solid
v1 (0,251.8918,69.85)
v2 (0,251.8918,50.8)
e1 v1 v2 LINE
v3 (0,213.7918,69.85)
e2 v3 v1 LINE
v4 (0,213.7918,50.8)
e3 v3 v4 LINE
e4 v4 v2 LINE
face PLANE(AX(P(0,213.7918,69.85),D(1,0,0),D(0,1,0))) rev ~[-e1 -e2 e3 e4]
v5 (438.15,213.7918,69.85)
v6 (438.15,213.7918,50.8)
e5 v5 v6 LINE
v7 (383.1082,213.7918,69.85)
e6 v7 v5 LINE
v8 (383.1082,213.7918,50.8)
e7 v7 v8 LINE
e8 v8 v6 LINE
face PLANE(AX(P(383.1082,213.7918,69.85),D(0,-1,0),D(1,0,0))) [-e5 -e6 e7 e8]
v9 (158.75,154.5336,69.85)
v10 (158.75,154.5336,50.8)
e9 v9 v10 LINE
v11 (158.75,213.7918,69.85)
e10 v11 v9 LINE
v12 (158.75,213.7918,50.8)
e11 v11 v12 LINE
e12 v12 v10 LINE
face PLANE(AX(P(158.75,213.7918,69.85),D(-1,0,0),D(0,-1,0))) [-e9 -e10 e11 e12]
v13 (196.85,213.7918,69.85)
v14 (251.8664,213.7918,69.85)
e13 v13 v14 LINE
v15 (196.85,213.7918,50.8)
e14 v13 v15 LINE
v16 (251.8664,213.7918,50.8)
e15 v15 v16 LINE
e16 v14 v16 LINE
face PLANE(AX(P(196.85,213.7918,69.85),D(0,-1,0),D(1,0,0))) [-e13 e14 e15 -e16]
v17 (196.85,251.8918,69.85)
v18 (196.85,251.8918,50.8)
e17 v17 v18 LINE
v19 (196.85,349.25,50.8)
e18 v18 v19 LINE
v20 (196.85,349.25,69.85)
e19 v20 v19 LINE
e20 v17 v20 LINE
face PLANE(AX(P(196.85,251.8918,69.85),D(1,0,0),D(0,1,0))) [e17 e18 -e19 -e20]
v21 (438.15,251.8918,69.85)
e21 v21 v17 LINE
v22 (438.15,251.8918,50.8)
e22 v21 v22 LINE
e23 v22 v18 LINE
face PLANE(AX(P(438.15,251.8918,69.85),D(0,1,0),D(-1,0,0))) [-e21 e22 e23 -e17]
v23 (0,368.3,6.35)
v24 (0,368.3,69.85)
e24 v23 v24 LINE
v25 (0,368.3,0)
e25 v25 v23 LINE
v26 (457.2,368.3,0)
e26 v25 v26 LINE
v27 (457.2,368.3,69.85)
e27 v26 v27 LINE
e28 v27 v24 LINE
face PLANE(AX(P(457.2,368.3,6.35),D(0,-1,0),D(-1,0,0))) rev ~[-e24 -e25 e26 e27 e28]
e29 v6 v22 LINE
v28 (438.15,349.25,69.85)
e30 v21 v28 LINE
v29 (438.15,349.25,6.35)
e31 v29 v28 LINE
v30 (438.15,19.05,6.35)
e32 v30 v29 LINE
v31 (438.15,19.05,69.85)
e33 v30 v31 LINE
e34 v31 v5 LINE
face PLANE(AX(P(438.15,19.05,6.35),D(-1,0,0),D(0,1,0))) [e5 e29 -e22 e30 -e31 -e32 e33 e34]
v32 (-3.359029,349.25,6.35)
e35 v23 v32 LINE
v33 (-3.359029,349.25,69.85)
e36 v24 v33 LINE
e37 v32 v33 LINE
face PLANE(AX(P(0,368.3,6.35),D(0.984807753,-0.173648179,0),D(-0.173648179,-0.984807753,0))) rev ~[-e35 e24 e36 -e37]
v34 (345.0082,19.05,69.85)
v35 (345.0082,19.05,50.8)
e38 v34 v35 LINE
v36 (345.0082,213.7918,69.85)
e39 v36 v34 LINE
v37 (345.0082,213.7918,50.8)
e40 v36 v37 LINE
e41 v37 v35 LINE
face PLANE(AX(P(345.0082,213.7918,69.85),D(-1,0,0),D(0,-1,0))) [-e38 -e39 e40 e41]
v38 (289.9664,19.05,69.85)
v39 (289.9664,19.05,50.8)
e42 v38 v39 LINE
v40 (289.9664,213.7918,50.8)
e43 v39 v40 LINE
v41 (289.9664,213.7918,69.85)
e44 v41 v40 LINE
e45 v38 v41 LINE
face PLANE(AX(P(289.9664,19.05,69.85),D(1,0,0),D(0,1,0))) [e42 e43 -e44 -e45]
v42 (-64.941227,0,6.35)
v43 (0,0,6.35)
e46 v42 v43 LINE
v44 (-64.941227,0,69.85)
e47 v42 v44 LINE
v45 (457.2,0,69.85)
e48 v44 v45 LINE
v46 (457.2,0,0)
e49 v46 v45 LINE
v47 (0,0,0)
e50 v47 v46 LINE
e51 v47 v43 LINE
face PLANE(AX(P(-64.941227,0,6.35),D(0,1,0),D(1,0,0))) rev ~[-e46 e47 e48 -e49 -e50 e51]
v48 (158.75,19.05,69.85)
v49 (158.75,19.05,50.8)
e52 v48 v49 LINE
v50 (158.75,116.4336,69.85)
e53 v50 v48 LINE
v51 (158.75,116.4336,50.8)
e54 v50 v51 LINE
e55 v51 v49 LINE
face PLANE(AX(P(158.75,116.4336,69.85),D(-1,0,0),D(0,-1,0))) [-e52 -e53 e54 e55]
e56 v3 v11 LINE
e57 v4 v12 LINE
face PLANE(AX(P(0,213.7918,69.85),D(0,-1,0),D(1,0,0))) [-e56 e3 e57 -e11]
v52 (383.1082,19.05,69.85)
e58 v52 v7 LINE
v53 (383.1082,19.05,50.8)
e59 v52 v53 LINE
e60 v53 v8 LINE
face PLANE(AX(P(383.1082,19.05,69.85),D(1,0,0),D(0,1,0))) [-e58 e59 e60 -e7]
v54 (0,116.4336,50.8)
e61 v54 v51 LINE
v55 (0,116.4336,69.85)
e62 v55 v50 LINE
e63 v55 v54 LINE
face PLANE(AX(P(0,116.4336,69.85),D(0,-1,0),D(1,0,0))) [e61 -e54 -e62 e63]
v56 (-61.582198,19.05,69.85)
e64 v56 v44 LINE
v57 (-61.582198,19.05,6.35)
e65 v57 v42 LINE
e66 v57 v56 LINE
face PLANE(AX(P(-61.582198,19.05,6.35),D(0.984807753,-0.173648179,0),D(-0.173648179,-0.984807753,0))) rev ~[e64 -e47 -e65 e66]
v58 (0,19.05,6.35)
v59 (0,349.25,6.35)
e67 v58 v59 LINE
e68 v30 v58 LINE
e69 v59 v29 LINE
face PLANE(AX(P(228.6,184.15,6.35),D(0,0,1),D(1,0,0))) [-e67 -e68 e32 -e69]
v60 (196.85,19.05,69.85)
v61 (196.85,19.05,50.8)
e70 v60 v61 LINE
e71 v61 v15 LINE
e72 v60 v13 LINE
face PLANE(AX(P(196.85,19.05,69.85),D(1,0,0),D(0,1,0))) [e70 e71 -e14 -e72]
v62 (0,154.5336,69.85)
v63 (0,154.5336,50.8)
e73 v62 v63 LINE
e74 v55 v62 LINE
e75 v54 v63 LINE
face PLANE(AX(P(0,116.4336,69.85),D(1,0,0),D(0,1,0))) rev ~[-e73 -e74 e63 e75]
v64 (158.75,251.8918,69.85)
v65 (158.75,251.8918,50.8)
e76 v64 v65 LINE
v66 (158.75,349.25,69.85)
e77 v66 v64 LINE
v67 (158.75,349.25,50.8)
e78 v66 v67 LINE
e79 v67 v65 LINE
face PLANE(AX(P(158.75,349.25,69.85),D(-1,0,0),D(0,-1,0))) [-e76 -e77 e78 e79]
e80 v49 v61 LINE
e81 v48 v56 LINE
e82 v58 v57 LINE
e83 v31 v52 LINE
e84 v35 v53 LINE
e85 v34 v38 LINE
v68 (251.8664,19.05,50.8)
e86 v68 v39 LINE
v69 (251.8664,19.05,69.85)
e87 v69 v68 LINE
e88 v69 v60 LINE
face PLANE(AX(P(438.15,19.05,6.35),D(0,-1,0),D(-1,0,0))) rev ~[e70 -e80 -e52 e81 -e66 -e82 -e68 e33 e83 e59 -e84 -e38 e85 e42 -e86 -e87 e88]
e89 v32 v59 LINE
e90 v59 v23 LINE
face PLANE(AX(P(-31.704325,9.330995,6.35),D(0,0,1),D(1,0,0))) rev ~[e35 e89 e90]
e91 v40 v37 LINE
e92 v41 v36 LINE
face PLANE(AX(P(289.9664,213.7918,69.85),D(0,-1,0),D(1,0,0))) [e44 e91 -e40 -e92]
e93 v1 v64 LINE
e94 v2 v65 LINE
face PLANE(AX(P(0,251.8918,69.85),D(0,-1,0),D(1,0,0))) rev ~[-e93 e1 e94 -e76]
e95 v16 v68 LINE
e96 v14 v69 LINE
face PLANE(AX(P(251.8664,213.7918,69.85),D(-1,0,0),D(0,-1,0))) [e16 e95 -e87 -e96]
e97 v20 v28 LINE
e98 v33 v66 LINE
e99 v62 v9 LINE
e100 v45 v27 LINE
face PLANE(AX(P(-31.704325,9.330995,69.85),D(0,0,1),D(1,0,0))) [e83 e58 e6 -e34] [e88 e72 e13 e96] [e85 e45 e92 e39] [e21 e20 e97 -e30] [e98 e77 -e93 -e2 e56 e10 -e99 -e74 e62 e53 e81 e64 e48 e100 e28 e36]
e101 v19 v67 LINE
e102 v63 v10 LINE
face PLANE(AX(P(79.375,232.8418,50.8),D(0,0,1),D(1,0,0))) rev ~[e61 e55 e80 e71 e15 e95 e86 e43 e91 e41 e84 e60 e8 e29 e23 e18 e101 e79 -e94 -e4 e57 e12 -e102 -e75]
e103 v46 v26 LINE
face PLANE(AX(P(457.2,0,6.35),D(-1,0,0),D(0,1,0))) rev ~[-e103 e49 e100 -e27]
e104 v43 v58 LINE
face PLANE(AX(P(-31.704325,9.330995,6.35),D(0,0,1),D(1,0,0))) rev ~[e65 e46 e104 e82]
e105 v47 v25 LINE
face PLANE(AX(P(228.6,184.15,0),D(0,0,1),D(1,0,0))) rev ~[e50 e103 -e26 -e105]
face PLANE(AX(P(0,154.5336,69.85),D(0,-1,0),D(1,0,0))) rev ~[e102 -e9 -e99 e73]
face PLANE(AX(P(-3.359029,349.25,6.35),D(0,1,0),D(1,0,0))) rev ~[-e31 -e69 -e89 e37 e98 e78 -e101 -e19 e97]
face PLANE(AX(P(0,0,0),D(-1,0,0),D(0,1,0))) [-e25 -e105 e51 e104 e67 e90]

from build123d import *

# Parameters (mm, degrees)
F0_W     = 457.2
F0_H     = 368.3
F1_DEPTH = 6.35
F2_W     = 19.05
F2_H     = 330.2
F3_DEPTH = 63.5
F4_W     = 158.75
F4_H     = 38.1
F4_W_2   = 55.0164
F4_W_3   = 55.0418
F5_DEPTH = 19.05


with BuildPart() as f1:
    # F0 (on Top) → F1 (new body)
    with BuildSketch(Plane.XY):
        with Locations((228.6, 184.15)):
            Rectangle(F0_W, F0_H)
    extrude(amount=F1_DEPTH)

    # F2 (on face) → F3 (join)
    with BuildSketch(Plane.XY.offset(6.35)):
        Polygon((-61.582198, 19.05), (-64.941227, 0), (0, 0), (0, 19.05), align=None)
        Polygon((0, 19.05), (0, 0), (457.2, 0), (457.2, 19.05), (438.15, 19.05), align=None)
        with Locations((447.675, 184.15)):
            Rectangle(F2_W, F2_H)
        Polygon((0, 368.3), (0, 349.25), (438.15, 349.25), (457.2, 349.25), (457.2, 368.3), align=None)
        Polygon((-3.359029, 349.25), (0, 349.25), (0, 368.3), align=None)
    extrude(amount=F3_DEPTH)

    # F4 (on face) → F5 (join)
    with BuildSketch(Plane.XY.offset(69.85)):
        with Locations((79.375, 232.8418)):
            Rectangle(F4_W, F4_H)
        Polygon((196.85, 213.7918), (196.85, 251.8918), (196.85, 349.25), (158.75, 349.25), (158.75, 251.8918), (158.75, 213.7918), (158.75, 154.5336), (158.75, 116.4336), (158.75, 19.05), (196.85, 19.05), align=None)
        with Locations((224.3582, 232.8418)):
            Rectangle(F4_W_2, F4_H)
        Polygon((289.9664, 19.05), (289.9664, 213.7918), (289.9664, 251.8918), (251.8664, 251.8918), (251.8664, 213.7918), (251.8664, 19.05), align=None)
        with Locations((317.4873, 232.8418)):
            Rectangle(F4_W_3, F4_H)
        Polygon((345.0082, 19.05), (383.1082, 19.05), (383.1082, 213.7918), (383.1082, 251.8918), (345.0082, 251.8918), (345.0082, 213.7918), align=None)
        with Locations((410.6291, 232.8418)):
            Rectangle(F4_W_3, F4_H)
        with Locations((79.375, 135.4836)):
            Rectangle(F4_W, F4_H)
    extrude(amount=-F5_DEPTH)


solid = f1.part
